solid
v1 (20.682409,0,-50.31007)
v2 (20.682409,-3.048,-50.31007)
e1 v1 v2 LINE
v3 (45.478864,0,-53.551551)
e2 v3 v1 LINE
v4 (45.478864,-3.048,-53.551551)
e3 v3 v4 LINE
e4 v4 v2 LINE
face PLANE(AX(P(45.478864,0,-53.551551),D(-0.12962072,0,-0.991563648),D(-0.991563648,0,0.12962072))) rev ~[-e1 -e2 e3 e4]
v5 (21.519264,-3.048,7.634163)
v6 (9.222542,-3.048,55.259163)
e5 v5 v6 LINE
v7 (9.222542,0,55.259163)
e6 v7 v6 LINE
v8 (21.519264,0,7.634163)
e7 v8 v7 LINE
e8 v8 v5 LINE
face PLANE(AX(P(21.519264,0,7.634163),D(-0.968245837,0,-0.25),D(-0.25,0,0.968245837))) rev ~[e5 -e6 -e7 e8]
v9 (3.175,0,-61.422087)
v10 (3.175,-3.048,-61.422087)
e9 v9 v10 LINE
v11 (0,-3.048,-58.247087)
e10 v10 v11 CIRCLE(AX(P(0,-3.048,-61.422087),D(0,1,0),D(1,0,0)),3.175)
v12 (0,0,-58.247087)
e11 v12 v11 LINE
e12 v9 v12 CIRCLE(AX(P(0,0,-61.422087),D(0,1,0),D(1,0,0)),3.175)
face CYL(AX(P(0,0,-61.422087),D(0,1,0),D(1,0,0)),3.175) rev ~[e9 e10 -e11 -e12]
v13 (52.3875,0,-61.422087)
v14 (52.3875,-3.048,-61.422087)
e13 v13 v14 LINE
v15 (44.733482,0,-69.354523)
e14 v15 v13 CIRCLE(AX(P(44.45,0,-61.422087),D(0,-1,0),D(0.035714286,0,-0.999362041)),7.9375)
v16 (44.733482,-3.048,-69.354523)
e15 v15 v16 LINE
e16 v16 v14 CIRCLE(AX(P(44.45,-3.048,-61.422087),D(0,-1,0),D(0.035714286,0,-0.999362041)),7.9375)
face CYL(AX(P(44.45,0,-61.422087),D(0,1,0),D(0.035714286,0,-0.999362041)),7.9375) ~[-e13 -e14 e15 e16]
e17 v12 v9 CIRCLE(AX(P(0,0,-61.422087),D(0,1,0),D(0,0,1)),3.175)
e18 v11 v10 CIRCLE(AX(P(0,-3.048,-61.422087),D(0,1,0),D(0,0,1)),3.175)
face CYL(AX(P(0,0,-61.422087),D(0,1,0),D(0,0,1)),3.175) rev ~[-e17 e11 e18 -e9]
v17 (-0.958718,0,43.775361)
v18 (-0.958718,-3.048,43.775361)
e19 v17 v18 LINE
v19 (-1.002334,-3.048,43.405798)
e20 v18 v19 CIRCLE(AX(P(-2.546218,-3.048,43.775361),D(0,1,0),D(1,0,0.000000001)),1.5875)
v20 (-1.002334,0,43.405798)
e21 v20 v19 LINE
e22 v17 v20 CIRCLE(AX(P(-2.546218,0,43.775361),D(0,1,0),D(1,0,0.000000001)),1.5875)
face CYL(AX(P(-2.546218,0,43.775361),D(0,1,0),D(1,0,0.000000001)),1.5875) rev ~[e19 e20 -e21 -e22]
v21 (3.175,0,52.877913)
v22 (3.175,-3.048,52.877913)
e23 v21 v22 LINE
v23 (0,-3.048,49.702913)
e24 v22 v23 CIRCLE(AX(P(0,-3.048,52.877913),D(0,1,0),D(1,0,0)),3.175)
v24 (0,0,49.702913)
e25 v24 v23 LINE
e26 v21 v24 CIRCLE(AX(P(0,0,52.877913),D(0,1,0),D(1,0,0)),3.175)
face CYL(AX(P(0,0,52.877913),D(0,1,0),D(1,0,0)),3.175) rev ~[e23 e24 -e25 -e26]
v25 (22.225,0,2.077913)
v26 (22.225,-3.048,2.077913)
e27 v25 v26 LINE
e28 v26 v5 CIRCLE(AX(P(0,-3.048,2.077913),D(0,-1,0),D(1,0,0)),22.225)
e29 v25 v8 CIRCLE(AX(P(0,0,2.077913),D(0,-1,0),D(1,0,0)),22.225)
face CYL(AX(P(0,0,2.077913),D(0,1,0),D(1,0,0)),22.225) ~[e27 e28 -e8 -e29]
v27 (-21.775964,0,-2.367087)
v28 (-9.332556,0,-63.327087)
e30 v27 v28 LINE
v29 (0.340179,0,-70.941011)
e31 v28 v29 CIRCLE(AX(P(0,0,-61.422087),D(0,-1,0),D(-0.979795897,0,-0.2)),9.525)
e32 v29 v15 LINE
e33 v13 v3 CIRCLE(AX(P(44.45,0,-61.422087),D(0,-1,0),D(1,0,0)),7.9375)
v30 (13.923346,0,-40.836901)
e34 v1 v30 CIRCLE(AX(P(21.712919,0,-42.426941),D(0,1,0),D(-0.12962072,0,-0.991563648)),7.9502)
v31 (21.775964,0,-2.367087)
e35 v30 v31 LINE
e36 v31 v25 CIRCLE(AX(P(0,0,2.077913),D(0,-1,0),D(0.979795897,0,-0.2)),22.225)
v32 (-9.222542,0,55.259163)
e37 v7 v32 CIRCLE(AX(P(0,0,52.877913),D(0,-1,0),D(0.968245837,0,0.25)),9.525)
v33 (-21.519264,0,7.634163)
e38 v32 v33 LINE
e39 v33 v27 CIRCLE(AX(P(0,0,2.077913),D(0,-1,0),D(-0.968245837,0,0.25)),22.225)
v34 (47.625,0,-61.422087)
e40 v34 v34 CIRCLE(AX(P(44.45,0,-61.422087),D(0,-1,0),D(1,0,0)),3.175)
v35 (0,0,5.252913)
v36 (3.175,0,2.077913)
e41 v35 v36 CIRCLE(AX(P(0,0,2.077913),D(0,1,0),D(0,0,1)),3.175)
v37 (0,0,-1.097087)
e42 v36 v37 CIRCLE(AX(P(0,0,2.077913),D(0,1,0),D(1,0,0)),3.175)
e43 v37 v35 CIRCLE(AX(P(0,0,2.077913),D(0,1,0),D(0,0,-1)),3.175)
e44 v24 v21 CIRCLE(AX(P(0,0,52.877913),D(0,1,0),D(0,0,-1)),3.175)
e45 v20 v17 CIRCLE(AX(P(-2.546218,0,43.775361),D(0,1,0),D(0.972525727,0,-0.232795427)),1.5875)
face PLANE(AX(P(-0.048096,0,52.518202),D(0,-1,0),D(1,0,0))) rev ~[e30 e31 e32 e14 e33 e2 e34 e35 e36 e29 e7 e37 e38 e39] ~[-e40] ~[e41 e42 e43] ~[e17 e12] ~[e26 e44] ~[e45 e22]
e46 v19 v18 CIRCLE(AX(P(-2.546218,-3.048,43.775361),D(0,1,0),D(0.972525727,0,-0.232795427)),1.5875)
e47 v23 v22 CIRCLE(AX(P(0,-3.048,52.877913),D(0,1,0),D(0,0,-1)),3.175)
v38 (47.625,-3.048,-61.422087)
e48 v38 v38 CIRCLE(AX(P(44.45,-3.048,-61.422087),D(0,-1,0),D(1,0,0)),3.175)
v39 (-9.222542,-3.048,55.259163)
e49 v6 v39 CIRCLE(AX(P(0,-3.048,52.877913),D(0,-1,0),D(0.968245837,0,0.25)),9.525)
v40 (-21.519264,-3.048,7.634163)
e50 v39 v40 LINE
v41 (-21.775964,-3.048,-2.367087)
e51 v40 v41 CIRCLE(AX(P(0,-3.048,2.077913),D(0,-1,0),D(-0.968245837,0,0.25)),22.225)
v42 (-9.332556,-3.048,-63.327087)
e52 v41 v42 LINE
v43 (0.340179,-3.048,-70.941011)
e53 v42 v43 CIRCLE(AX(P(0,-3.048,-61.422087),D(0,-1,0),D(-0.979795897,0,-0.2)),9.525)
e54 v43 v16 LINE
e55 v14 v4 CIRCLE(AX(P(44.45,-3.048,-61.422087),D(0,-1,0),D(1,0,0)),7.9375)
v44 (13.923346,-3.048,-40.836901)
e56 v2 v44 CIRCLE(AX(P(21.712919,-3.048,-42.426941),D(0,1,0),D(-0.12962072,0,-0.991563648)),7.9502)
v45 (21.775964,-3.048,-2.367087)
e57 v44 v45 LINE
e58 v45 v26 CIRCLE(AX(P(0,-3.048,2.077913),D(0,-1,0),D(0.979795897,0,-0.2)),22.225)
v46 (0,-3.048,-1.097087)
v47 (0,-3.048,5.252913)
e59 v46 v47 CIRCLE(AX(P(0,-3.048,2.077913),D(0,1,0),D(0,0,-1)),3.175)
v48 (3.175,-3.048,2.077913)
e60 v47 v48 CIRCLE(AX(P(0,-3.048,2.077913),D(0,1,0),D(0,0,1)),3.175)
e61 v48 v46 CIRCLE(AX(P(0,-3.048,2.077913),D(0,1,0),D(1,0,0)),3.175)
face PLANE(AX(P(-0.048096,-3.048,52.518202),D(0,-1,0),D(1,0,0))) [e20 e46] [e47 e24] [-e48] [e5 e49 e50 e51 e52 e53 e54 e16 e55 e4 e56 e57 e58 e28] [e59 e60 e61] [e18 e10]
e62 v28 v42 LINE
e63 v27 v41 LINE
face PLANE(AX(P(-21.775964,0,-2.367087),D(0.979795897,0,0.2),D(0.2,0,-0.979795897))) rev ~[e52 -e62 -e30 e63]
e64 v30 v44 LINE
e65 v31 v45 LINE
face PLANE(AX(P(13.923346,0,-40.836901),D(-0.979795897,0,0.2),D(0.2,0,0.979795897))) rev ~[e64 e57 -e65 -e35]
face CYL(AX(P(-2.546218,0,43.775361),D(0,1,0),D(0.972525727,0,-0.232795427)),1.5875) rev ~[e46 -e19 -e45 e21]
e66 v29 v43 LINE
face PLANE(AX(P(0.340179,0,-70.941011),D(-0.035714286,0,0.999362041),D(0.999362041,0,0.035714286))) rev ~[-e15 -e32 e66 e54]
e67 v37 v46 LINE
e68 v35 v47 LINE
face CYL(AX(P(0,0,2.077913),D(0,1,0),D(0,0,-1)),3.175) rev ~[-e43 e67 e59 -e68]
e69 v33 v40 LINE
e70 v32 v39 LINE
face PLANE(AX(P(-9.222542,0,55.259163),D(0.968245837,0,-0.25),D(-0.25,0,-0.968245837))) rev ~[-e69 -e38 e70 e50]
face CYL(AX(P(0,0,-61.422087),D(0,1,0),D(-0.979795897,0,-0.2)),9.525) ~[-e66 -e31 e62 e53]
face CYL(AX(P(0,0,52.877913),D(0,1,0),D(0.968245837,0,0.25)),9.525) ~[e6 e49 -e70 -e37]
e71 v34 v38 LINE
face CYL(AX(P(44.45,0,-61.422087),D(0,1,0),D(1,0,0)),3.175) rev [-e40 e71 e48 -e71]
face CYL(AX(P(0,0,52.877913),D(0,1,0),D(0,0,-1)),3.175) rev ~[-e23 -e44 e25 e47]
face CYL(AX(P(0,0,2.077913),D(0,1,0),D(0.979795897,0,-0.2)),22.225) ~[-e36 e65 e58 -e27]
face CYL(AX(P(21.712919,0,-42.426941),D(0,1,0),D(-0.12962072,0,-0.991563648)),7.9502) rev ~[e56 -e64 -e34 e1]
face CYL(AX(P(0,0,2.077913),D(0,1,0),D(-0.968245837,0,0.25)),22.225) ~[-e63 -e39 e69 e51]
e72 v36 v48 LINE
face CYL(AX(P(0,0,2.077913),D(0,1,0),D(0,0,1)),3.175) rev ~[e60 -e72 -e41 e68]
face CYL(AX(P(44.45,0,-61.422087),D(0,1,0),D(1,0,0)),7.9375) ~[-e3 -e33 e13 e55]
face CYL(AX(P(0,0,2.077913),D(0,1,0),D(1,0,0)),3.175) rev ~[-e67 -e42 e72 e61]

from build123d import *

# Parameters (mm, degrees)
F0_R     = 3.175
F1_DEPTH = 3.048


with BuildPart() as f1:
    # F0 (on Front) → F1 (new body)
    with BuildSketch(Plane.XZ):
        with BuildLine():
            ThreePointArc((-1.0023336327, 43.4057982907), (-0.5018639238, 43.3661433225), (0, 43.3529127479))
            ThreePointArc((0, 43.3529127479), (6.7351920908, 46.1427206571), (9.525, 52.8779127479))
            ThreePointArc((9.525, 52.8779127479), (9.4490828569, 54.0781036338), (9.2225415932, 55.2591627479))
            ThreePointArc((9.2225415932, 55.2591627479), (0, 62.4029127479), (-9.2225415932, 55.2591627479))
            ThreePointArc((-9.2225415932, 55.2591627479), (-8.6217427785, 48.8293109569), (-4.0577774611, 44.2604846468))
            ThreePointArc((-4.0577774611, 44.2604846468), (-2.3007024801, 45.3437609387), (-0.9587182239, 43.7753610313))
            ThreePointArc((-0.9587182239, 43.7753610313), (-0.9696597824, 43.5892972498), (-1.0023336327, 43.4057982907))
        make_face()
        with BuildLine():
            ThreePointArc((3.175, 52.8779127479), (2.2450640303, 50.6328487176), (0, 49.7029127479))
            ThreePointArc((0, 49.7029127479), (-2.2450640303, 55.1229767781), (3.175, 52.8779127479))
        make_face(mode=Mode.SUBTRACT)
        with BuildLine():
            ThreePointArc((9.525, 52.8779127479), (6.7351920908, 46.1427206571), (0, 43.3529127479))
            Line((0, 43.3529127479), (0, 24.3029127479))
            ThreePointArc((0, 24.3029127479), (13.6099773833, 19.6483179972), (21.5192637174, 7.6341627479))
            Line((21.5192637174, 7.6341627479), (9.2225415932, 55.2591627479))
            ThreePointArc((9.2225415932, 55.2591627479), (9.4490828569, 54.0781036338), (9.525, 52.8779127479))
        make_face()
        with BuildLine():
            Line((0, 24.3029127479), (0, 43.3529127479))
            ThreePointArc((0, 43.3529127479), (-0.5018639238, 43.3661433225), (-1.0023336327, 43.4057982907))
            ThreePointArc((-1.0023336327, 43.4057982907), (-2.9738669395, 42.2465468418), (-4.0577774611, 44.2604846468))
            ThreePointArc((-4.0577774611, 44.2604846468), (-8.6217427785, 48.8293109569), (-9.2225415932, 55.2591627479))
            Line((-9.2225415932, 55.2591627479), (-21.5192637174, 7.6341627479))
            ThreePointArc((-21.5192637174, 7.6341627479), (-13.6099773833, 19.6483179972), (0, 24.3029127479))
        make_face()
        with BuildLine():
            ThreePointArc((21.5192637174, 7.6341627479), (13.6099773833, 19.6483179972), (0, 24.3029127479))
            Line((0, 24.3029127479), (0, 5.2529127479))
            ThreePointArc((0, 5.2529127479), (2.2450640303, 4.3229767781), (3.175, 2.0779127479))
            ThreePointArc((3.175, 2.0779127479), (2.2450640303, -0.1671512824), (0, -1.0970872521))
            Line((0, -1.0970872521), (0, -20.1470872521))
            ThreePointArc((0, -20.1470872521), (14.0563241994, -15.137498226), (21.7759638133, -2.3670872521))
            ThreePointArc((21.7759638133, -2.3670872521), (22.1124560005, -0.1558989327), (22.225, 2.0779127479))
            ThreePointArc((22.225, 2.0779127479), (22.0478599995, 4.8783581483), (21.5192637174, 7.6341627479))
        make_face()
        with BuildLine():
            Line((0, 5.2529127479), (0, 24.3029127479))
            ThreePointArc((0, 24.3029127479), (-13.6099773833, 19.6483179972), (-21.5192637174, 7.6341627479))
            ThreePointArc((-21.5192637174, 7.6341627479), (-22.2176828703, 2.6481695983), (-21.7759638133, -2.3670872521))
            ThreePointArc((-21.7759638133, -2.3670872521), (-14.0563241994, -15.137498226), (0, -20.1470872521))
            Line((0, -20.1470872521), (0, -1.0970872521))
            ThreePointArc((0, -1.0970872521), (-3.175, 2.0779127479), (0, 5.2529127479))
        make_face()
        with BuildLine():
            ThreePointArc((0, -20.1470872521), (-14.0563241994, -15.137498226), (-21.7759638133, -2.3670872521))
            Line((-21.7759638133, -2.3670872521), (-9.33255592, -63.3270872521))
            ThreePointArc((-9.33255592, -63.3270872521), (-7.3780332745, -55.3979483095), (0, -51.8970872521))
            Line((0, -51.8970872521), (0, -20.1470872521))
        make_face()
        with BuildLine():
            ThreePointArc((21.7759638133, -2.3670872521), (14.0563241994, -15.137498226), (0, -20.1470872521))
            Line((0, -20.1470872521), (0, -51.8970872521))
            ThreePointArc((0, -51.8970872521), (6.7351920908, -54.6868951613), (9.525, -61.4220872521))
            ThreePointArc((9.525, -61.4220872521), (6.8544083402, -68.0359145334), (0.3401787284, -70.9410106909))
            Line((0.3401787284, -70.9410106909), (44.7334821429, -69.3545234558))
            ThreePointArc((44.7334821429, -69.3545234558), (36.5213147589, -61.0481131928), (45.4788644675, -53.5515507928))
            Line((45.4788644675, -53.5515507928), (20.682408707, -50.3100700647))
            ThreePointArc((20.682408707, -50.3100700647), (15.241157261, -47.0445132049), (13.9233460165, -40.836900747))
            Line((13.9233460165, -40.836900747), (21.7759638133, -2.3670872521))
        make_face()
        with BuildLine():
            ThreePointArc((0, -51.8970872521), (-7.3780332745, -55.3979483095), (-9.33255592, -63.3270872521))
            ThreePointArc((-9.33255592, -63.3270872521), (-5.8914064044, -68.9065348322), (0.3401787284, -70.9410106909))
            ThreePointArc((0.3401787284, -70.9410106909), (6.8544083402, -68.0359145334), (9.525, -61.4220872521))
            ThreePointArc((9.525, -61.4220872521), (6.7351920908, -54.6868951613), (0, -51.8970872521))
        make_face()
        with BuildLine():
            ThreePointArc((3.175, -61.4220872521), (-2.2450640303, -63.6671512824), (0, -58.2470872521))
            ThreePointArc((0, -58.2470872521), (2.2450640303, -59.1770232219), (3.175, -61.4220872521))
        make_face(mode=Mode.SUBTRACT)
        with BuildLine():
            ThreePointArc((45.4788644675, -53.5515507928), (36.5213147589, -61.0481131928), (44.7334821429, -69.3545234558))
            ThreePointArc((44.7334821429, -69.3545234558), (50.1620069047, -66.9336100336), (52.3875, -61.4220872521))
            ThreePointArc((52.3875, -61.4220872521), (50.4153381279, -56.1858054349), (45.4788644675, -53.5515507928))
        make_face()
        with Locations((44.45, -61.4220872521)):
            Circle(F0_R, mode=Mode.SUBTRACT)
    extrude(amount=F1_DEPTH)


solid = f1.part
